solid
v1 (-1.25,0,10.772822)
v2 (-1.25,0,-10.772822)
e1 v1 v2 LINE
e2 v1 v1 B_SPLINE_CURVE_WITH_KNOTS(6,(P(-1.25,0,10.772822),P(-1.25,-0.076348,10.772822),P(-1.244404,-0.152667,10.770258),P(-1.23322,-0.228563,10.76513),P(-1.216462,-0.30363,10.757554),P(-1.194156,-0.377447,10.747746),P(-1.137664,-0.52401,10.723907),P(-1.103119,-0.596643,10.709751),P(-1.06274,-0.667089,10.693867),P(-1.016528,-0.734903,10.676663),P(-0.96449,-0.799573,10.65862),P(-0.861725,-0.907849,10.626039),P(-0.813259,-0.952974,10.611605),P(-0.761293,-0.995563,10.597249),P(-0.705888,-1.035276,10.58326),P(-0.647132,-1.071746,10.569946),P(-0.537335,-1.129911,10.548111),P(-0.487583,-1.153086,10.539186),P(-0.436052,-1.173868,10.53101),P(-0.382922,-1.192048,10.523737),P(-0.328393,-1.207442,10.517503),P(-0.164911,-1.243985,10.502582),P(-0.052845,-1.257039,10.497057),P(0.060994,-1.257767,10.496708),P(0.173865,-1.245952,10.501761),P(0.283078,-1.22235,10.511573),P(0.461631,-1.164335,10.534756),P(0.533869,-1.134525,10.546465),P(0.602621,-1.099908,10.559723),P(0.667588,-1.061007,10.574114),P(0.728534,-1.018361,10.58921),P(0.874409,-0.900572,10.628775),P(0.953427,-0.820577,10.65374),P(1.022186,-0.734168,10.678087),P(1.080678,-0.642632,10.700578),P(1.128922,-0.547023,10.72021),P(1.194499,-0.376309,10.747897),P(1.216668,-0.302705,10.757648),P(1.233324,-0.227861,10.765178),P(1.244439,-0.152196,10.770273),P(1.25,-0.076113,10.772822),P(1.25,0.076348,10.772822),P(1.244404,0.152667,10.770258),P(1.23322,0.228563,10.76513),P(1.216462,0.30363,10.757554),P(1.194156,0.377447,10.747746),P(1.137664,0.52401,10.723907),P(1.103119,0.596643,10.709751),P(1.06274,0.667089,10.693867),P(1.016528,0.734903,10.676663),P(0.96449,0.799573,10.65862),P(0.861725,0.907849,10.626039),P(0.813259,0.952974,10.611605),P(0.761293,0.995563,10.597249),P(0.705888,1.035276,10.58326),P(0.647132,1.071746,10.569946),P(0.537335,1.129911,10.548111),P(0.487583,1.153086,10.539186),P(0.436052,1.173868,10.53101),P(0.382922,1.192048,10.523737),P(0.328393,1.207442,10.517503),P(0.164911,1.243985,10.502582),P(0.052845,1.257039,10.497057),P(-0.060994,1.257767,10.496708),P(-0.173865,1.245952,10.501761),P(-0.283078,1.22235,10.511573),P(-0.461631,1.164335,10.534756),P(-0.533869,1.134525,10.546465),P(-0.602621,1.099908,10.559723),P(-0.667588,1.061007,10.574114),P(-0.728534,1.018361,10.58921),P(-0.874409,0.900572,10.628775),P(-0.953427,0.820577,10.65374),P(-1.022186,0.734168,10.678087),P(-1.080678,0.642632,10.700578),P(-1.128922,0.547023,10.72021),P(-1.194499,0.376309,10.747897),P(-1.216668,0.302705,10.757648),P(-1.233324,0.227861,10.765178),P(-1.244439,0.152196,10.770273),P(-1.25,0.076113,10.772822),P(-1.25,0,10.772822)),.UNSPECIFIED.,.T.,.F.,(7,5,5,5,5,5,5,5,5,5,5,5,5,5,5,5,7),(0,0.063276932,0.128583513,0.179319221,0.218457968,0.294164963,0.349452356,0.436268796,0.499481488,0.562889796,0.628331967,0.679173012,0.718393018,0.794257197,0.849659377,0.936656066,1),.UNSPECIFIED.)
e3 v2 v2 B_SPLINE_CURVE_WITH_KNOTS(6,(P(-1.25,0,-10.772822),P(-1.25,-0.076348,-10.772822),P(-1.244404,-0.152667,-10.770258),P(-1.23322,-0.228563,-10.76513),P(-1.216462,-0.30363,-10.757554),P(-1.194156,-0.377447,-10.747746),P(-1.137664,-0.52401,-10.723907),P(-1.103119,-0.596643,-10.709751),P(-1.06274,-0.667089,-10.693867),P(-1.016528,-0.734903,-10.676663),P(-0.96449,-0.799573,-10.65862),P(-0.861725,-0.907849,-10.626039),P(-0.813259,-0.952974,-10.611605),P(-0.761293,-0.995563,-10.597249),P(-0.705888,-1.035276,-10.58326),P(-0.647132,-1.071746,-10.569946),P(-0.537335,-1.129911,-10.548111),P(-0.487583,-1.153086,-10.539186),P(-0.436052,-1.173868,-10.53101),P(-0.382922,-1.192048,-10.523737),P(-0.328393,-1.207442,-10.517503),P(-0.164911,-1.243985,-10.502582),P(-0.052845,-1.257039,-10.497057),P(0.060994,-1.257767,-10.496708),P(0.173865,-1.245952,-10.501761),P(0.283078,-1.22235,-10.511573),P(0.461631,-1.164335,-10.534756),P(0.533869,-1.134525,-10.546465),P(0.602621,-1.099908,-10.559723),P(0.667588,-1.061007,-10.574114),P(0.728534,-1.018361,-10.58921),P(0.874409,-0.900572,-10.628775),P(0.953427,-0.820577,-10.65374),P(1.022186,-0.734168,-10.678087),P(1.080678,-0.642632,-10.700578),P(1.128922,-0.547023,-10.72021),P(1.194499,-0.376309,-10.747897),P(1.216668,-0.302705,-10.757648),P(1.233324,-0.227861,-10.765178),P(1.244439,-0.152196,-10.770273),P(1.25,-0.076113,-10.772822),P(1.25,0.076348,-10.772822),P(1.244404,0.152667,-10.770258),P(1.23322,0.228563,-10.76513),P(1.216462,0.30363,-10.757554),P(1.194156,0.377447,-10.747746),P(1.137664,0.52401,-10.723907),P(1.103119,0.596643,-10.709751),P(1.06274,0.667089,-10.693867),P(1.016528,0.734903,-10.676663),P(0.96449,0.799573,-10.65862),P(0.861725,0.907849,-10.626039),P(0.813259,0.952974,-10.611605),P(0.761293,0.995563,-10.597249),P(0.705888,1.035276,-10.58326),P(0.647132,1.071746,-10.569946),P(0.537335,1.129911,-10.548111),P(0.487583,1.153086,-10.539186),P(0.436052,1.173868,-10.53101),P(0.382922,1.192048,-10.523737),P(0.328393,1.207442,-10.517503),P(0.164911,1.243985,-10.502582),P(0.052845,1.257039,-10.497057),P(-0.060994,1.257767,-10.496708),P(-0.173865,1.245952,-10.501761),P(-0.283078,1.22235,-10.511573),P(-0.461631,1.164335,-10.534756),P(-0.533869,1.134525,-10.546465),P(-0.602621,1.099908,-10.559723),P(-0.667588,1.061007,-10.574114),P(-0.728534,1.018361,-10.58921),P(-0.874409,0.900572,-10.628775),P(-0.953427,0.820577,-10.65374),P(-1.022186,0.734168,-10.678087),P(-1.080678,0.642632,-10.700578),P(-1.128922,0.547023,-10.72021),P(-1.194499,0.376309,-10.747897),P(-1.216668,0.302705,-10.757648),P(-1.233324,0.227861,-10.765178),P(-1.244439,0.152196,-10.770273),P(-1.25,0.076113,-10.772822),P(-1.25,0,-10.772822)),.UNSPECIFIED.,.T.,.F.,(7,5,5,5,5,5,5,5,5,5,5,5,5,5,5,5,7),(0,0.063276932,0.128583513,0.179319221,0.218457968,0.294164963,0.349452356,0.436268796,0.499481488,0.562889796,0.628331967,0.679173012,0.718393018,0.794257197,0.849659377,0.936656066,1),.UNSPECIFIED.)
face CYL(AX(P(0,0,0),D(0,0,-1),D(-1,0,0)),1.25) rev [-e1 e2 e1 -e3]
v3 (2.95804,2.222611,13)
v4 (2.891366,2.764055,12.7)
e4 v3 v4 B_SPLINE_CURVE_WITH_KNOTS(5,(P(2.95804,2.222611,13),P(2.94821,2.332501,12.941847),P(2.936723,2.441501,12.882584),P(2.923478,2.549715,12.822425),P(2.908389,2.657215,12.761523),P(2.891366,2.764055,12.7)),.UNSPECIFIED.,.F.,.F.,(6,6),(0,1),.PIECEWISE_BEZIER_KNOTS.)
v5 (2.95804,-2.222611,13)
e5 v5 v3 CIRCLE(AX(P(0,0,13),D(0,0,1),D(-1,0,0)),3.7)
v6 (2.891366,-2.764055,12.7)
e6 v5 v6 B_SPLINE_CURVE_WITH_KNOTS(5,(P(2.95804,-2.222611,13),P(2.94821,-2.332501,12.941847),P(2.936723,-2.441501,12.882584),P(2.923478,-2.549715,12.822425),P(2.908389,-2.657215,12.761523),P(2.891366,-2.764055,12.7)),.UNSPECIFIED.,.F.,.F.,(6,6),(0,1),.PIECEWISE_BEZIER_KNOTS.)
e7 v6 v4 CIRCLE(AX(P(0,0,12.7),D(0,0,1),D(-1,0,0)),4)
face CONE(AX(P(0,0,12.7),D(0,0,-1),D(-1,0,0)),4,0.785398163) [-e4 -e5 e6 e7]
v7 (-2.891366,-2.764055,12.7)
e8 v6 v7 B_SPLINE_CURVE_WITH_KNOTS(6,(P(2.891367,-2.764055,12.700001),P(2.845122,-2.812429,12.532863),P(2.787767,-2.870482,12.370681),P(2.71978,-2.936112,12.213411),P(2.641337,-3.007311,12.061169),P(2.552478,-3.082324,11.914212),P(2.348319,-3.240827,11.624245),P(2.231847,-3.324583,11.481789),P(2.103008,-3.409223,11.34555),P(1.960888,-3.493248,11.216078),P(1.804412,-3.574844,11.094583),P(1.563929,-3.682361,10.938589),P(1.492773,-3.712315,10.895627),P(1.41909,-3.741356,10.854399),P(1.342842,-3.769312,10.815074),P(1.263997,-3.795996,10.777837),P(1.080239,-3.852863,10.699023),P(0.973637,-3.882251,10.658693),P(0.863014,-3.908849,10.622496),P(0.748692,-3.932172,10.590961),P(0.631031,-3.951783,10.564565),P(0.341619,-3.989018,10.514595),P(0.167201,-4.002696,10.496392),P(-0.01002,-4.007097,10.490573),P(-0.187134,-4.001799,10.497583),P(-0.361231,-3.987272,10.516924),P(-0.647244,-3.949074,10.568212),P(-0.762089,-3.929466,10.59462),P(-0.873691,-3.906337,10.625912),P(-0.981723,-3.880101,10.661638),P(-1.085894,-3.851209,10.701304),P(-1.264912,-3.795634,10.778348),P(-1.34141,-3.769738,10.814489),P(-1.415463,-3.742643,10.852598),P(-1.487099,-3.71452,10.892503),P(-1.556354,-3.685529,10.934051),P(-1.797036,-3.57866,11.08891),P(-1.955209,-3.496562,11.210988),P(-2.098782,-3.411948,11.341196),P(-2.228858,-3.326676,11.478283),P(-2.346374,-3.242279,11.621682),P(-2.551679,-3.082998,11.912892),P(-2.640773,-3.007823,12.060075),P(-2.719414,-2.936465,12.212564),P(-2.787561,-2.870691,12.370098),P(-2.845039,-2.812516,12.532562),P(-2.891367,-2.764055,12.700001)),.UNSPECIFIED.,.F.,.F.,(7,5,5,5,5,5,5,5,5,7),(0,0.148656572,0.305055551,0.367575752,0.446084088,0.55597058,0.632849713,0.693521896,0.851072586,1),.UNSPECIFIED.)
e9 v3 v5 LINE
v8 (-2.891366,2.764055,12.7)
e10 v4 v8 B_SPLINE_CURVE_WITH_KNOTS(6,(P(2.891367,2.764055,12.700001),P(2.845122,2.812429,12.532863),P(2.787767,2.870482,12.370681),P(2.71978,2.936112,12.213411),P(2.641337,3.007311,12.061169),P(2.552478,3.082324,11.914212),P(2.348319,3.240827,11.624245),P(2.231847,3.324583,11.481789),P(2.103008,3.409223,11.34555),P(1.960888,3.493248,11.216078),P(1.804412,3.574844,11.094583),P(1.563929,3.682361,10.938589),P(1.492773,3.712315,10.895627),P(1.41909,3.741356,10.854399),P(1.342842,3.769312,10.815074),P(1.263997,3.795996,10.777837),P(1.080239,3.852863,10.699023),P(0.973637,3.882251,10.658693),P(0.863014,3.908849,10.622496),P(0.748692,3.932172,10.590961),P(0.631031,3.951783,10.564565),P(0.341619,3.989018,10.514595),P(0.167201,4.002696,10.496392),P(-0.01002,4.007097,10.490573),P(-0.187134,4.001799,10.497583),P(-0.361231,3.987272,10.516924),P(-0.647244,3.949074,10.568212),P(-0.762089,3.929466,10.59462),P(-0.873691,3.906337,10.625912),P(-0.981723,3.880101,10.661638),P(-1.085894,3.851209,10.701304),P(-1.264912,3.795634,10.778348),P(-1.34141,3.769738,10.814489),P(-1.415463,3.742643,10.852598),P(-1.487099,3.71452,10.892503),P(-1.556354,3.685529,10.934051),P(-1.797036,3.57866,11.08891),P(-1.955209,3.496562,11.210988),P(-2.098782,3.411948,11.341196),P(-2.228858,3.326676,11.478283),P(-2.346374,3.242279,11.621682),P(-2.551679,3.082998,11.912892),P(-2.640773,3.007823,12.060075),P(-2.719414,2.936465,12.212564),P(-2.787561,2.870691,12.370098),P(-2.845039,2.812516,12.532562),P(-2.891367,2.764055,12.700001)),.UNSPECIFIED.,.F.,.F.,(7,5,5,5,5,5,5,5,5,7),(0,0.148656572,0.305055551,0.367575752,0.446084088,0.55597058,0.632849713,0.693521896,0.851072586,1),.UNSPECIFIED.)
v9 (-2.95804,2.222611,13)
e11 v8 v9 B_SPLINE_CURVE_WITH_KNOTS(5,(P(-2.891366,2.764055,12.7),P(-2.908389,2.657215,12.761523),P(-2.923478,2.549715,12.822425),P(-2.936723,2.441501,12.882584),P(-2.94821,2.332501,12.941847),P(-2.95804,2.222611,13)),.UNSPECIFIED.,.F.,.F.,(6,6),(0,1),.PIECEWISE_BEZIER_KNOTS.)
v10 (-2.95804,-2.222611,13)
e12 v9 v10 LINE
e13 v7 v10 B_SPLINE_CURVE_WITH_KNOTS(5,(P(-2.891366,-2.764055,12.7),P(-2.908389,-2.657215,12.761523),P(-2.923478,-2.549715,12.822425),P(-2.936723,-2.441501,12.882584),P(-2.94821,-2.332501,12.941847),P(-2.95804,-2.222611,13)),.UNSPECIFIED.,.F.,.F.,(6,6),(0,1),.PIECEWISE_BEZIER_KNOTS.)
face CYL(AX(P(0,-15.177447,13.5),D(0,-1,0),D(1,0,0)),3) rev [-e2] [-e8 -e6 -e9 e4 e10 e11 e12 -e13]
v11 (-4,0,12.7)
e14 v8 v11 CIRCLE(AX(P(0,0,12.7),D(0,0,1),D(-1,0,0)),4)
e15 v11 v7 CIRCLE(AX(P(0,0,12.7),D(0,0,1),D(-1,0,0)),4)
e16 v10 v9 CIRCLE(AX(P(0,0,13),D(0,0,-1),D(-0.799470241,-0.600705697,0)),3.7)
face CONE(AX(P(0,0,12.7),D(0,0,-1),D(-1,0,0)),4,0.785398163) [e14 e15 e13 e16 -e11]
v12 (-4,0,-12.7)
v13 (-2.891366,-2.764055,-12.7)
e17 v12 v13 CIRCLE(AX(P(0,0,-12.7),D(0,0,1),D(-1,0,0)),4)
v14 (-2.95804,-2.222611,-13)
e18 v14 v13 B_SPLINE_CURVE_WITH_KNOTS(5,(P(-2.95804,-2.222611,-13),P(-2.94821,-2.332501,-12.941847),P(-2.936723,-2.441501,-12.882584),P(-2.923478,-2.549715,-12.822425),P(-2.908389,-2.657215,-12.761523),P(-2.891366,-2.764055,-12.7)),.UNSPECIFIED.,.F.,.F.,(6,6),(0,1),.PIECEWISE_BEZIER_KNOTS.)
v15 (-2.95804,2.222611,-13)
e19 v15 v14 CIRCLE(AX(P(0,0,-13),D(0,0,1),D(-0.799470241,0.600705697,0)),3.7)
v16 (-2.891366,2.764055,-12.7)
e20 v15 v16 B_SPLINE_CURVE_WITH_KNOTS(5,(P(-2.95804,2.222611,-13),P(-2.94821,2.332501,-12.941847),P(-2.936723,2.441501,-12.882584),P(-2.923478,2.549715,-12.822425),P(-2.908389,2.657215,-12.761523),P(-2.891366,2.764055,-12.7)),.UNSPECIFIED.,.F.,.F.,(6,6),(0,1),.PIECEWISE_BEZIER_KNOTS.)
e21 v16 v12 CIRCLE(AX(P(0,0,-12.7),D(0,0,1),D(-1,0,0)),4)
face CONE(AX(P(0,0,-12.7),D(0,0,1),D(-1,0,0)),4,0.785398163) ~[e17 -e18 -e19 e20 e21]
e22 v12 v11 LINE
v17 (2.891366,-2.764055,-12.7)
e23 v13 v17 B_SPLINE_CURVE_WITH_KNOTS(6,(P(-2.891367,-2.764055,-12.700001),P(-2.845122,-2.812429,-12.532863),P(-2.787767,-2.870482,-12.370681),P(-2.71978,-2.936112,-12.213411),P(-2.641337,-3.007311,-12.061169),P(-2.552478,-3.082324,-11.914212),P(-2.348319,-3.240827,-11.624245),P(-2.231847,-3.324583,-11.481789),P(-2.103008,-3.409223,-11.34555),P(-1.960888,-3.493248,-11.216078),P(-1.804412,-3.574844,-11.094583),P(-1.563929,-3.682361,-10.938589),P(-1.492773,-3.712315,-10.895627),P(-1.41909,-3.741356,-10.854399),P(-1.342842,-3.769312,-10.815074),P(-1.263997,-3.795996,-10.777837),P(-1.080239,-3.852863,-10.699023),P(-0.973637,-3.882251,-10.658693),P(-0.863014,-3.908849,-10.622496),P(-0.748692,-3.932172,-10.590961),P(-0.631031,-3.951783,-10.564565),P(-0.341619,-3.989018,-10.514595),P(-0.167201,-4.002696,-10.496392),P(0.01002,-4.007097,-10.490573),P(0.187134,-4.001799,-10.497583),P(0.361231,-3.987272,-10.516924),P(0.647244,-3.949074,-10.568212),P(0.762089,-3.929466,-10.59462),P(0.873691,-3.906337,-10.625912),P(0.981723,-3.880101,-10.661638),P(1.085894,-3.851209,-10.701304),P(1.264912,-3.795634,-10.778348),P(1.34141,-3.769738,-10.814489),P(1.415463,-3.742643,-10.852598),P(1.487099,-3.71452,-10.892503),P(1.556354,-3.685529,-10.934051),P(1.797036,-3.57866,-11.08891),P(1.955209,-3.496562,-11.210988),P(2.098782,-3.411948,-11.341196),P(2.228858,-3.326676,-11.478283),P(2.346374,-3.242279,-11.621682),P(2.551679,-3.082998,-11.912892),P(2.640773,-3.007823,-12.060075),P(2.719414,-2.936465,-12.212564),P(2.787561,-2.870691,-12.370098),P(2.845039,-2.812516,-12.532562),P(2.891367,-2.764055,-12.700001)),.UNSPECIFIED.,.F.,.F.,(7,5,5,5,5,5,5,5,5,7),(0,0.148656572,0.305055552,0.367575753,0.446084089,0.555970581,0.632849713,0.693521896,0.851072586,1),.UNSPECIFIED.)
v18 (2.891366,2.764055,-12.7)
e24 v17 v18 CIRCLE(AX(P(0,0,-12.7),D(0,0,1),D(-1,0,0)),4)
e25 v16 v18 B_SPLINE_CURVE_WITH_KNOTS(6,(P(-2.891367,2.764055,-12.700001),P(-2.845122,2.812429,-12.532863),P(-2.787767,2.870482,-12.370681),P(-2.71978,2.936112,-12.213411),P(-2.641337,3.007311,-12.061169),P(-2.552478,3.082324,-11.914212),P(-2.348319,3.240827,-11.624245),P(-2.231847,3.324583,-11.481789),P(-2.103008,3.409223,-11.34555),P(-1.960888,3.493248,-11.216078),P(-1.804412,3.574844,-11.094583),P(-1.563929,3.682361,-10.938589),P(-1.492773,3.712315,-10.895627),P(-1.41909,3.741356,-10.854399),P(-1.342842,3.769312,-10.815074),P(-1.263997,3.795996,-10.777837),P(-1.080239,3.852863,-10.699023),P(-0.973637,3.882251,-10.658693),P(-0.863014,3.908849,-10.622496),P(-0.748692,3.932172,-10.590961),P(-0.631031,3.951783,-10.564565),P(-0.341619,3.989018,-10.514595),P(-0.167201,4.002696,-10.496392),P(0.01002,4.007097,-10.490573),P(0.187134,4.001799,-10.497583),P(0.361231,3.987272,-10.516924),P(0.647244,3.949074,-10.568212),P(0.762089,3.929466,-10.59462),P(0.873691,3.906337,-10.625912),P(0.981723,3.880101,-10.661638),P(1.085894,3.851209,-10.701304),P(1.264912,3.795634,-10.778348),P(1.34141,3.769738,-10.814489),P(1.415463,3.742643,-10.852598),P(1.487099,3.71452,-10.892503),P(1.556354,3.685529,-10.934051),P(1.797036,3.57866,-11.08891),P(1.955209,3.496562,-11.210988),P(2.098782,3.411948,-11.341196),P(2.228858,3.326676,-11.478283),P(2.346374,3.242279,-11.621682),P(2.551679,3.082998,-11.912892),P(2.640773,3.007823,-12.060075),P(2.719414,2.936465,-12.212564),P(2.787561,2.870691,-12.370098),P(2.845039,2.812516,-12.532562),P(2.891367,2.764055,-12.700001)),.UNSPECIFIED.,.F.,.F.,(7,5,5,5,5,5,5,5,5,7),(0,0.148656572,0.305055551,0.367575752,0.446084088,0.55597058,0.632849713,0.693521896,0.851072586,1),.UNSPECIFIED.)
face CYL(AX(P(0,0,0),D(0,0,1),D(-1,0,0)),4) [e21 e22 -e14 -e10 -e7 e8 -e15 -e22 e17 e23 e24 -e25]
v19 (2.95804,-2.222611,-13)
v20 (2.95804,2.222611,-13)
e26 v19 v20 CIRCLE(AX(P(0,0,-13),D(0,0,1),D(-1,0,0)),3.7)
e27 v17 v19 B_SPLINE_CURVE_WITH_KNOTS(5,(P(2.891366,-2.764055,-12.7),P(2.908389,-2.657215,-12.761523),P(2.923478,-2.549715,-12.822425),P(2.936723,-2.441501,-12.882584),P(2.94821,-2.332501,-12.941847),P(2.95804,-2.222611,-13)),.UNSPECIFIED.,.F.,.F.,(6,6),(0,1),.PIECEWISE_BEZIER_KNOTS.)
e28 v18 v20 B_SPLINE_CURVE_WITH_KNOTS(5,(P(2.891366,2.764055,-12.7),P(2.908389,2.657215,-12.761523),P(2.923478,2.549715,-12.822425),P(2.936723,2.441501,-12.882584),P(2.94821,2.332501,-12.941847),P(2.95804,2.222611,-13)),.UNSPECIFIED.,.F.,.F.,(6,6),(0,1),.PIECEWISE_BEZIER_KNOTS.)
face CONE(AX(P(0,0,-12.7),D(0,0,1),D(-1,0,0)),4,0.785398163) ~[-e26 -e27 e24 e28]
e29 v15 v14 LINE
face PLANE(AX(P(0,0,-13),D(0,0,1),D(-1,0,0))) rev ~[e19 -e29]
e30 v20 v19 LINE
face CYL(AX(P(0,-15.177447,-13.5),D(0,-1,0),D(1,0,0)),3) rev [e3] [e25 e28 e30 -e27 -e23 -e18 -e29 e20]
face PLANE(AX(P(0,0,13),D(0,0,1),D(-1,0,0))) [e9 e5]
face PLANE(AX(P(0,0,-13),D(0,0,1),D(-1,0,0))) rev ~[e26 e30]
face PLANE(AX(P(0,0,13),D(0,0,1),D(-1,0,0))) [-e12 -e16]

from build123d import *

# Parameters (mm, degrees)
ESQUISSE1_R                  = 4
ESQUISSE1_R_2                = 1.25
BOSS_EXTRU_1_DEPTH           = 13
CHANFREIN1_SIZE              = 0.3
ENL_V_MAT_EXTRU_1_DEPTH      = 15.177446879
ENL_V_MAT_EXTRU_1_DEPTH_BACK = 15.177446879
ESQUISSE2_R                  = 3


with BuildPart() as part:
    # Esquisse1 → Boss.-Extru.1 (new, symmetric)
    with BuildSketch(Plane.XY):
        with Locations(Location((0, 0, 0), (0, 0, 180))):
            Circle(ESQUISSE1_R)
        with Locations(Location((0, 0, 0), (0, 0, 180))):
            Circle(ESQUISSE1_R_2, mode=Mode.SUBTRACT)
    extrude(amount=BOSS_EXTRU_1_DEPTH, both=True)

    # Chanfrein1
    chanfrein1_edges = [part.edges().sort_by_distance(p)[0] for p in [
        (4, 0, -13),
        (4, 0, 13),
    ]]
    chamfer(chanfrein1_edges, length=CHANFREIN1_SIZE)

    # Esquisse2 → Enlèv. mat.-Extru.1 (cut, two sides: drawn at the far end of the back side and taken through both)
    with BuildSketch(Plane(origin=(0, 0, 0), x_dir=(1, 0, 0), z_dir=(0, 1, 0)).offset(-ENL_V_MAT_EXTRU_1_DEPTH_BACK)):
        with Locations((0, 13.5)):
            Circle(ESQUISSE2_R)
        with Locations((0, -13.5)):
            Circle(ESQUISSE2_R)
    extrude(amount=ENL_V_MAT_EXTRU_1_DEPTH + ENL_V_MAT_EXTRU_1_DEPTH_BACK, mode=Mode.SUBTRACT)


solid = part.part
